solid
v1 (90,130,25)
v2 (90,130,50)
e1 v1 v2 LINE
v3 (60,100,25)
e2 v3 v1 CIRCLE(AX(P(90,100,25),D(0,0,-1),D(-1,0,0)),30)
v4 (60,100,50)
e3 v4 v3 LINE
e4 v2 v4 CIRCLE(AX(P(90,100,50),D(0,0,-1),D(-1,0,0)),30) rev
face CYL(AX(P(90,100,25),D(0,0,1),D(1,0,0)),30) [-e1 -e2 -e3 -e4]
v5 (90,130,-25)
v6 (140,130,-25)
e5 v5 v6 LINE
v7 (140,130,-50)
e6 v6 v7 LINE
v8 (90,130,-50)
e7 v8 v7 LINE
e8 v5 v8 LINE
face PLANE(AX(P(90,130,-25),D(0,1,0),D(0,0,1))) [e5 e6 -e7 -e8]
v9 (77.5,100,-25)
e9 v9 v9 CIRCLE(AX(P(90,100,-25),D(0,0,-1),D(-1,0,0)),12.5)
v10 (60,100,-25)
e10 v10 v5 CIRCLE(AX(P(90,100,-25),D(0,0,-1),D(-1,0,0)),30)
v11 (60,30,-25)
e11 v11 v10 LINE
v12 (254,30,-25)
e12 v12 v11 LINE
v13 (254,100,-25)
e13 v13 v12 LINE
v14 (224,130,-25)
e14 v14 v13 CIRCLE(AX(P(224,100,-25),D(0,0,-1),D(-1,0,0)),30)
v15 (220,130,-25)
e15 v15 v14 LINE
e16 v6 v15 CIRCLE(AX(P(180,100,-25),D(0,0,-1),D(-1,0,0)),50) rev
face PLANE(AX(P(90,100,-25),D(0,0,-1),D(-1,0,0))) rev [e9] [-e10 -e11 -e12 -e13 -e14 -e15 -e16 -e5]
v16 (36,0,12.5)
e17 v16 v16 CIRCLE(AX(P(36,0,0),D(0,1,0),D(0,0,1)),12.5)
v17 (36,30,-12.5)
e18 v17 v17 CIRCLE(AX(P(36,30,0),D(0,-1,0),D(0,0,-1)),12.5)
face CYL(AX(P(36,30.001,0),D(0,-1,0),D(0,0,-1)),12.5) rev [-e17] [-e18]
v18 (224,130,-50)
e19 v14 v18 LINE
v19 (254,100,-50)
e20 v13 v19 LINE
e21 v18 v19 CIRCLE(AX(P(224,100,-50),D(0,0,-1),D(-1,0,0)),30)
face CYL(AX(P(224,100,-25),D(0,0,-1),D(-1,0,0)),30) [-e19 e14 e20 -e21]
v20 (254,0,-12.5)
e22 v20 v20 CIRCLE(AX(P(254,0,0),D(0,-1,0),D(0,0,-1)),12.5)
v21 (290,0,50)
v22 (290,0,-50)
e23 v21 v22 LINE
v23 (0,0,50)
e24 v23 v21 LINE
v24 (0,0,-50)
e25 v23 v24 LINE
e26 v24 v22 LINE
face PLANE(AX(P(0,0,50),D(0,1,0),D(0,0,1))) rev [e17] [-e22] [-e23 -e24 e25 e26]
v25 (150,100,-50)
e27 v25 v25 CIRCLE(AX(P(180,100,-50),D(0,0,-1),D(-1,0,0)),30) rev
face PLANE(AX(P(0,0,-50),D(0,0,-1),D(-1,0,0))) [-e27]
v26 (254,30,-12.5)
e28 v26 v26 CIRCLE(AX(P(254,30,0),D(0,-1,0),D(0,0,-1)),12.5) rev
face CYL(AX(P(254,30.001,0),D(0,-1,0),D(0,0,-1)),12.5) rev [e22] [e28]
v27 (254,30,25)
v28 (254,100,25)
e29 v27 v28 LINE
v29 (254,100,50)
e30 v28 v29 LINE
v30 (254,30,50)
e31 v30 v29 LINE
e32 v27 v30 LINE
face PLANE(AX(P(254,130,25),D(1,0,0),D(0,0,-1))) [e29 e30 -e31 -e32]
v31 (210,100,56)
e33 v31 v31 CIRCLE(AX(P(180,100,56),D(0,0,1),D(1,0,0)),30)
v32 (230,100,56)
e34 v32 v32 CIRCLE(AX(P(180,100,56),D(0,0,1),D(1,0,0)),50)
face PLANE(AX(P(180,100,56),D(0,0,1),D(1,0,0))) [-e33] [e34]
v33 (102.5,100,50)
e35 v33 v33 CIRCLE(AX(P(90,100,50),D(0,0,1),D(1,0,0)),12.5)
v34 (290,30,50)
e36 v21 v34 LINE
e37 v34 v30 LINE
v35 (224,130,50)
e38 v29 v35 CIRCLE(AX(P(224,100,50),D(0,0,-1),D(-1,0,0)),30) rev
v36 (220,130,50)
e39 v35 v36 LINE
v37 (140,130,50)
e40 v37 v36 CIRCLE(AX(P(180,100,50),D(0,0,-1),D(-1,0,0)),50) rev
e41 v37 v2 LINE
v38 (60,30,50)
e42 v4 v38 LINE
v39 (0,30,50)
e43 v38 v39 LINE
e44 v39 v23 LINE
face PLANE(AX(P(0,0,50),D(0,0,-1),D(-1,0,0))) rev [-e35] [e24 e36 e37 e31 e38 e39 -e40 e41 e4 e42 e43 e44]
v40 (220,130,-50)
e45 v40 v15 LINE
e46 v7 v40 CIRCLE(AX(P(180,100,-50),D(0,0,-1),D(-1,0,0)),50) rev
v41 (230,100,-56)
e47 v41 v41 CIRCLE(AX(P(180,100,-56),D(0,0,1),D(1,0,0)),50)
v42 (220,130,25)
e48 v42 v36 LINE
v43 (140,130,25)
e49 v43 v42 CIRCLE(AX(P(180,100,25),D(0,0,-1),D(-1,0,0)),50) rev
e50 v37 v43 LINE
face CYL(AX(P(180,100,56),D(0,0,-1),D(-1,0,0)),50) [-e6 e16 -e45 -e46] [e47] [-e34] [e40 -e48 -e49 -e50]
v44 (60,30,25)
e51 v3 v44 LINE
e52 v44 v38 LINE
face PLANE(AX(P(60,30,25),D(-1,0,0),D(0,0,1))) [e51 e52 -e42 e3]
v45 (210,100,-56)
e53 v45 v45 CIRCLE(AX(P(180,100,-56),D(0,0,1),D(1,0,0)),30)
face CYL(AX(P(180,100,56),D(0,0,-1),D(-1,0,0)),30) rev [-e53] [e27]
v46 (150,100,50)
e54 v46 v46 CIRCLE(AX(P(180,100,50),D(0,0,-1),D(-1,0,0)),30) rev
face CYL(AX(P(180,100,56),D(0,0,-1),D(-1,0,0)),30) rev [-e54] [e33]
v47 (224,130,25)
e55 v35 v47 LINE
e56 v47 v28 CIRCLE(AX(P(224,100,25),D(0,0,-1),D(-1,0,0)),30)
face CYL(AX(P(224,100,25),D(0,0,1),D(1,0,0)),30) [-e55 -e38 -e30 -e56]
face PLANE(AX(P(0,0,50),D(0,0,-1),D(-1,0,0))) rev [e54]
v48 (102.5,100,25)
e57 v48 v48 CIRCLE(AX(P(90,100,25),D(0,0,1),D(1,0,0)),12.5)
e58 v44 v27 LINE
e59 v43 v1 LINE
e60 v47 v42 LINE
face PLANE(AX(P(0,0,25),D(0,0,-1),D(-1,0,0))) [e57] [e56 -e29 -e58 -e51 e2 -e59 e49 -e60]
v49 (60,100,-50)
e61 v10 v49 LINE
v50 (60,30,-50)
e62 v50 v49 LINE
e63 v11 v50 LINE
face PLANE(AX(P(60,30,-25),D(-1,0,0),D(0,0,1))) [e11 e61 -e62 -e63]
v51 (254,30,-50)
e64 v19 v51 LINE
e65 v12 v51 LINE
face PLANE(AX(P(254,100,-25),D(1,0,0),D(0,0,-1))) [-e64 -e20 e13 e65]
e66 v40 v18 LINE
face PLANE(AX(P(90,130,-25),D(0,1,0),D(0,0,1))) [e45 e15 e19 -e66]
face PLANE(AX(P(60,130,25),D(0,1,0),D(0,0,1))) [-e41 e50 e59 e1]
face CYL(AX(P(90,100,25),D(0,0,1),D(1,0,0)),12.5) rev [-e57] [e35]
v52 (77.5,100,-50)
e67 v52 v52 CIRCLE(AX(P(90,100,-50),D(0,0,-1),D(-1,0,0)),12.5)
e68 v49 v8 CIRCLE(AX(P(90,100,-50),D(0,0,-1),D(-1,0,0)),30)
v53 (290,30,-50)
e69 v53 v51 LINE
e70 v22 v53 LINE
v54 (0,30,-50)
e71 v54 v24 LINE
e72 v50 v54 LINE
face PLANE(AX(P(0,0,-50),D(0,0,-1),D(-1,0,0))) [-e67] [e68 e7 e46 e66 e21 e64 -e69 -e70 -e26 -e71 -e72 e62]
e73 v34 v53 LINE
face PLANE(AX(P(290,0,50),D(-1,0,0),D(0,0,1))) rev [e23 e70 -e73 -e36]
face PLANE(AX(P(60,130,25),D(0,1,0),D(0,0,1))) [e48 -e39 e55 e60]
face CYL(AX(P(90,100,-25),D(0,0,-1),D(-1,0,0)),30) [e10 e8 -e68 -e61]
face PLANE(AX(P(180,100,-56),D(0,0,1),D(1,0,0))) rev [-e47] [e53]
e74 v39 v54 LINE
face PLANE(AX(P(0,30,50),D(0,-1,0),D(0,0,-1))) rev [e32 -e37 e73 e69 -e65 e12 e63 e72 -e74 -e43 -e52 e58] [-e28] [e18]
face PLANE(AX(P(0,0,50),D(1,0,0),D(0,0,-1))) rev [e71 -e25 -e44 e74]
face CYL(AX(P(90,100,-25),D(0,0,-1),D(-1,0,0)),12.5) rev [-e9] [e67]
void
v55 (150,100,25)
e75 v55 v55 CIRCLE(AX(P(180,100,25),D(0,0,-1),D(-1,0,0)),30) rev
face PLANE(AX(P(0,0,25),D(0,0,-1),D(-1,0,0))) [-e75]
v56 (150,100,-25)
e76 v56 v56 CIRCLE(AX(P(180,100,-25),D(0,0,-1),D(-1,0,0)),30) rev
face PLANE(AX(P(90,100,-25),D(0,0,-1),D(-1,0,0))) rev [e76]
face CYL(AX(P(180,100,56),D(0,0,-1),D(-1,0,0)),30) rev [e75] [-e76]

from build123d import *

# Parameters (mm, degrees)
SKETCH1_W           = 290
SKETCH1_H           = 30
BOSS_EXTRUDE1_DEPTH = 50
CUT_EXTRUDE3_REACH  = 32
SKETCH5_R           = 12.5
SKETCH7_W           = 194
SKETCH7_H           = 100
SKETCH7_R           = 12.5
BOSS_EXTRUDE2_DEPTH = 25
FILLET1_R           = 30
SKETCH8_R           = 12.5
BOSS_EXTRUDE3_DEPTH = 25
SKETCH9_R           = 50
SKETCH9_R_2         = 30
BOSS_EXTRUDE4_DEPTH = 56


with BuildPart() as part:
    # Sketch1 → Boss-Extrude1 (new body, symmetric)
    with BuildSketch(Plane.XY):
        with Locations((145, 15)):
            Rectangle(SKETCH1_W, SKETCH1_H)
    extrude(amount=BOSS_EXTRUDE1_DEPTH, both=True)

    # Sketch5 → Cut-Extrude3 (cut, up to next)
    with BuildSketch(Plane(origin=(0, 0, 0), x_dir=(1, 0, 0), z_dir=(0, 1, 0)), mode=Mode.PRIVATE) as cut_extrude3_sk1:
        with Locations(Location((36, 0, 0), (0, 0, 90))):  # turned: the seam where the file's is
            Circle(SKETCH5_R)
    cut_extrude3_tool1 = extrude(cut_extrude3_sk1.sketch, amount=CUT_EXTRUDE3_REACH, mode=Mode.PRIVATE) & part.part
    add(cut_extrude3_tool1.solids().sort_by_distance((36, 0, 0))[0], mode=Mode.SUBTRACT)
    # Sketch5 → Cut-Extrude3 (cut, up to next)
    with BuildSketch(Plane(origin=(0, 0, 0), x_dir=(1, 0, 0), z_dir=(0, 1, 0)), mode=Mode.PRIVATE) as cut_extrude3_sk2:
        with Locations(Location((254, 0, 0), (0, 0, 90))):  # turned: the seam where the file's is
            Circle(SKETCH5_R)
    cut_extrude3_tool2 = extrude(cut_extrude3_sk2.sketch, amount=CUT_EXTRUDE3_REACH, mode=Mode.PRIVATE) & part.part
    add(cut_extrude3_tool2.solids().sort_by_distance((254, 0, 0))[0], mode=Mode.SUBTRACT)

    # Sketch7 → Boss-Extrude2 (add)
    with BuildSketch(Plane.XY.offset(50)):
        with Locations((157, 80)):
            Rectangle(SKETCH7_W, SKETCH7_H)
        with Locations((90, 100)):
            Circle(SKETCH7_R, mode=Mode.SUBTRACT)
    extrude(amount=-BOSS_EXTRUDE2_DEPTH)

    # Fillet1
    fillet1_edges = [part.edges().sort_by_distance(p)[0] for p in [
        (254, 130, 37.5),
        (60, 130, 37.5),
    ]]
    fillet(fillet1_edges, radius=FILLET1_R)

    # Sketch8 → Boss-Extrude3 (add)
    with BuildSketch(Plane(origin=(0, 0, -50), x_dir=(-1, 0, 0), z_dir=(0, 0, -1))):
        with BuildLine():
            Line((-90, 130), (-224, 130))
            ThreePointArc((-224, 130), (-245.213203436, 121.213203436), (-254, 100))
            Line((-254, 100), (-254, 30))
            Line((-254, 30), (-60, 30))
            Line((-60, 30), (-60, 100))
            ThreePointArc((-60, 100), (-68.786796564, 121.213203436), (-90, 130))
        make_face()
        with Locations(Location((-90, 100, 0), (0, 0, 180))):  # turned: the seam where the file's is
            Circle(SKETCH8_R, mode=Mode.SUBTRACT)
    extrude(amount=-BOSS_EXTRUDE3_DEPTH)

    # Sketch9 → Boss-Extrude4 (add, symmetric)
    with BuildSketch(Plane.XY):
        with Locations((180, 100)):
            Circle(SKETCH9_R)
        with Locations(Location((180, 100, 0), (0, 0, 180))):  # turned: the seam where the file's is
            Circle(SKETCH9_R_2, mode=Mode.SUBTRACT)
    extrude(amount=BOSS_EXTRUDE4_DEPTH, both=True)


solid = part.part
